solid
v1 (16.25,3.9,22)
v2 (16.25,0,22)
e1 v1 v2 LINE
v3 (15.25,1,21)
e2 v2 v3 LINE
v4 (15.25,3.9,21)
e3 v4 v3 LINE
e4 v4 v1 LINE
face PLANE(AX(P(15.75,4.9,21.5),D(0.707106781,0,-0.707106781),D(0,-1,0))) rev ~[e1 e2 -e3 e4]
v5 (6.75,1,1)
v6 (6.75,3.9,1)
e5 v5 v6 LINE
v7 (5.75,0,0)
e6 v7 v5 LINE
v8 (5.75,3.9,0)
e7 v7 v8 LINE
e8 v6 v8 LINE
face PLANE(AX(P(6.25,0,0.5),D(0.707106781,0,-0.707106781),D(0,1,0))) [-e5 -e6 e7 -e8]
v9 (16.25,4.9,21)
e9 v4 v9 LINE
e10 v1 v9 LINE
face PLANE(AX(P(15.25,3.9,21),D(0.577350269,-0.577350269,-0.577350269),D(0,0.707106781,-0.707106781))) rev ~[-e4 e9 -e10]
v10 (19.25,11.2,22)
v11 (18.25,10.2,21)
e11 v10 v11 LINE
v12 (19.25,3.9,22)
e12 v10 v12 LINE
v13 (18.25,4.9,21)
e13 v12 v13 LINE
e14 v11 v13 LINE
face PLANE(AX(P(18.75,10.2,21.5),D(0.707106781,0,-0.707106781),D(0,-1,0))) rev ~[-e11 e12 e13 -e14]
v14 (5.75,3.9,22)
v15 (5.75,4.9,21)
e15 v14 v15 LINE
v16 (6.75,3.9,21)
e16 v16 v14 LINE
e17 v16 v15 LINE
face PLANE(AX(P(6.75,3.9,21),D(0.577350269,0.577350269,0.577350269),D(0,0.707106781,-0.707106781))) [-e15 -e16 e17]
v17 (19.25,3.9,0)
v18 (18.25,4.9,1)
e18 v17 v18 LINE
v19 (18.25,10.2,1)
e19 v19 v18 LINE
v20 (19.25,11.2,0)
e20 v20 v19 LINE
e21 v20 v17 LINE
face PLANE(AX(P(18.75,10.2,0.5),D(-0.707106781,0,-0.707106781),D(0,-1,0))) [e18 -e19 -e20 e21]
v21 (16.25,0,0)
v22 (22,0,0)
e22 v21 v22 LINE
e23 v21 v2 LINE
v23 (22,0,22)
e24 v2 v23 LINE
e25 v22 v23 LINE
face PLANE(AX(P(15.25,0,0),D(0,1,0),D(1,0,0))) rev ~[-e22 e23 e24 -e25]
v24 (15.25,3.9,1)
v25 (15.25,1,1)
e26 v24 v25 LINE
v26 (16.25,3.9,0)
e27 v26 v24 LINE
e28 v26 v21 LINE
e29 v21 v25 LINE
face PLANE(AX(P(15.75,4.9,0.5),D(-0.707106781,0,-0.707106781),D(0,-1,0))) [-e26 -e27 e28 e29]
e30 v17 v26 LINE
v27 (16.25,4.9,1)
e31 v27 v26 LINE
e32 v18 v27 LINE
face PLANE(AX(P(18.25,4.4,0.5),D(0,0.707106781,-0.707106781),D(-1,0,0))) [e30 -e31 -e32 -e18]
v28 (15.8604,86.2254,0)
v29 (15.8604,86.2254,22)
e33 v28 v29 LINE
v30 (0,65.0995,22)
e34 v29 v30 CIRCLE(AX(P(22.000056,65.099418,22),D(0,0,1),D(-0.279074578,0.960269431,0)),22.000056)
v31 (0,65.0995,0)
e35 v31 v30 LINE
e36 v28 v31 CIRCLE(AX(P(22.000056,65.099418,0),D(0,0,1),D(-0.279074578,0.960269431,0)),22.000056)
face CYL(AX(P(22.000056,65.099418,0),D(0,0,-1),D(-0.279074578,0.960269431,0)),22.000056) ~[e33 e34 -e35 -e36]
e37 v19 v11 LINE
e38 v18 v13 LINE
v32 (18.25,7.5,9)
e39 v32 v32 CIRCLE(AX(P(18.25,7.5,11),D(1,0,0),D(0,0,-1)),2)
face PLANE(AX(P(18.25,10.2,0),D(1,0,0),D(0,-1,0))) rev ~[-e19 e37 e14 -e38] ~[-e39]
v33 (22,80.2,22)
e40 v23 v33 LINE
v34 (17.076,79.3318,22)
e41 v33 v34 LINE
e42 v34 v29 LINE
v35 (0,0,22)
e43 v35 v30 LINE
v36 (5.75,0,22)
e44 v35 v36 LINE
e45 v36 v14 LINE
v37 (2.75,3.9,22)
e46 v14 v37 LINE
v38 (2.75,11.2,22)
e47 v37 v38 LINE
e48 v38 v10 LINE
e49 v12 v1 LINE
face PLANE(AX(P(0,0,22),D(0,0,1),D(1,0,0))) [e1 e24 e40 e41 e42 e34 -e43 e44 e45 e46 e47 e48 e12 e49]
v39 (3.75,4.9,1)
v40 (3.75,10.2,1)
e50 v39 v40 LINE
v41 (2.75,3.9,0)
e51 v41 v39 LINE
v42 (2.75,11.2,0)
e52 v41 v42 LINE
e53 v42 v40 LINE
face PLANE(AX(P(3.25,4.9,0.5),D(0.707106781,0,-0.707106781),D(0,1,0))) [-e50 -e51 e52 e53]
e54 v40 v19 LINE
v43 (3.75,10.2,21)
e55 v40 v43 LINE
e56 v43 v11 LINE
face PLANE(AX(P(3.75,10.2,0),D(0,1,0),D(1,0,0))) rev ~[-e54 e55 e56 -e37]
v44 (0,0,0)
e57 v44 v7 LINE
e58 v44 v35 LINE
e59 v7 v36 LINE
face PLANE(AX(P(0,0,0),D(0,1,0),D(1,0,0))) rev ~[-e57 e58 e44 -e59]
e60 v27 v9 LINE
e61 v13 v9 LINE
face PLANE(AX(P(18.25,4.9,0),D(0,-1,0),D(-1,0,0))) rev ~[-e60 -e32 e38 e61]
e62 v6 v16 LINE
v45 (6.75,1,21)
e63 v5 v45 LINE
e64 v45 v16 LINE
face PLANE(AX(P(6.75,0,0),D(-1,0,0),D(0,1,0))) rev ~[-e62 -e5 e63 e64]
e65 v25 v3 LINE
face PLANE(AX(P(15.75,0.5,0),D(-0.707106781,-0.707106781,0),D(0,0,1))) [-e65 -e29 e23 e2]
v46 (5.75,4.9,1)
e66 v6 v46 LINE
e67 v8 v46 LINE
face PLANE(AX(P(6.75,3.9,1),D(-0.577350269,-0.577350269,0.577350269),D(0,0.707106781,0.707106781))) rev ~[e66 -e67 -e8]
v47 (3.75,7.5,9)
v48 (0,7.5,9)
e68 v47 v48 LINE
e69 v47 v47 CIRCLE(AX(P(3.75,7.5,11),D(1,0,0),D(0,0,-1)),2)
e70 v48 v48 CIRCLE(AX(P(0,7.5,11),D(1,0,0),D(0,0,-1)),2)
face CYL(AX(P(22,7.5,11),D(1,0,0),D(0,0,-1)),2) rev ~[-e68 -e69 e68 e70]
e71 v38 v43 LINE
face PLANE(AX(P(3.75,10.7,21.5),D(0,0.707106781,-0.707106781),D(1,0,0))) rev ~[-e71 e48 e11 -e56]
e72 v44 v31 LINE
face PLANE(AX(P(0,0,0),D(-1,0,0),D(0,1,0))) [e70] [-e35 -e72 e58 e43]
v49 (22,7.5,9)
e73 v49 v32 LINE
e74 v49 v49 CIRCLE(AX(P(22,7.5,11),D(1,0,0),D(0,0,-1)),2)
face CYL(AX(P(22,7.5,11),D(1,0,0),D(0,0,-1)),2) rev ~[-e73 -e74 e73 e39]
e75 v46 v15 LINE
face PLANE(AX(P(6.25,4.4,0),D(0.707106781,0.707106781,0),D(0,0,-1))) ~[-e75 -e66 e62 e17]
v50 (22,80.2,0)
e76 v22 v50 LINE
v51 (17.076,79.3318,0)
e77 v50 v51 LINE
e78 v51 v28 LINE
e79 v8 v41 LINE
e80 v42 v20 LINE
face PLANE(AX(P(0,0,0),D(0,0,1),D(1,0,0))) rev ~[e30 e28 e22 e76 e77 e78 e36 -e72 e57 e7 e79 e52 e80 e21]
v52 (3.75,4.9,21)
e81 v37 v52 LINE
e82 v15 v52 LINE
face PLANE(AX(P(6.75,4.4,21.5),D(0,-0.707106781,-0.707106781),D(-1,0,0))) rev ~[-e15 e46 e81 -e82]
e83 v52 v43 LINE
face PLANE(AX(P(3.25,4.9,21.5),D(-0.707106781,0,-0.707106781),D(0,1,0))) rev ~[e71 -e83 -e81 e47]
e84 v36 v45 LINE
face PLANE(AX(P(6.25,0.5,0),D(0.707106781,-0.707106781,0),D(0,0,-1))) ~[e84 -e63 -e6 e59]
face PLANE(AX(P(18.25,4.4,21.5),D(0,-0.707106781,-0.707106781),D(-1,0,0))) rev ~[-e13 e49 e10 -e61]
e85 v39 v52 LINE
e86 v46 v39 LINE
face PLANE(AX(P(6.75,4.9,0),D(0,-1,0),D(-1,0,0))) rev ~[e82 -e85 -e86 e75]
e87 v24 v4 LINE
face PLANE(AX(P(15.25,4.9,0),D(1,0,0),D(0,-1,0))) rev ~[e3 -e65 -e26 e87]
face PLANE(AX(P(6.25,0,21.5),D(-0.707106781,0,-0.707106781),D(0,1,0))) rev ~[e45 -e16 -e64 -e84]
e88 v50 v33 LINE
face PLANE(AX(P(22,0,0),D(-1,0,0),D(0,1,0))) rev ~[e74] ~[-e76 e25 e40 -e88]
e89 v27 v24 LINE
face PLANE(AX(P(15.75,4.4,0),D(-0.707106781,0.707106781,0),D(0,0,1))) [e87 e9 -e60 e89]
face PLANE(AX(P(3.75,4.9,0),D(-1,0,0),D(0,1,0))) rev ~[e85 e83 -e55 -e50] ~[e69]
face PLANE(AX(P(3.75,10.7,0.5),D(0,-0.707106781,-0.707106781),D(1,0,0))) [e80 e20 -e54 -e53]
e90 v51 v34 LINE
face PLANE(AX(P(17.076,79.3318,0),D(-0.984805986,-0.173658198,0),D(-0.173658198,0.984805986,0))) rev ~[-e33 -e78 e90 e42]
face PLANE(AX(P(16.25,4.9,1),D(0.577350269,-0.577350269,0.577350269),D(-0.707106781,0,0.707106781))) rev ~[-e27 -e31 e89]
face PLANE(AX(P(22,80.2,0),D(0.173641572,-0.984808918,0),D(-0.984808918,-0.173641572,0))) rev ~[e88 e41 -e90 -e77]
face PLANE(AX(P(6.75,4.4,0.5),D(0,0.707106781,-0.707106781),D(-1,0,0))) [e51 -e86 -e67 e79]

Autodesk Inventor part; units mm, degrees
ref_plane "YZ Plane" through (0, 0, 0) normal (1, 0, 0) x (0, 1, 0)
ref_plane "XZ Plane" through (0, 0, 0) normal (0, 1, 0) x (-1, 0, 0)
ref_plane "XY Plane" through (0, 0, 0) normal (0, 0, 1) x (1, 0, 0)
sketch "Skizze1" plane through (0, 0, 0) normal (0, 0, 1) x (1, 0, 0)
  line L0 (0, 0) -> (6.75, 0)
  line L1 (6.75, 0) -> (6.75, 4.9)
  line L2 (6.75, 4.9) -> (3.75, 4.9)
  line L3 (3.75, 4.9) -> (3.75, 10.2)
  line L4 (3.75, 10.2) -> (18.25, 10.2)
  line L5 (18.25, 10.2) -> (18.25, 4.9)
  line L6 (18.25, 4.9) -> (15.25, 4.9)
  line L7 (15.25, 4.9) -> (15.25, 0)
  line L8 (15.25, 0) -> (22, 0)
  line L9 (22, 0) -> (22, 80.2)
  line L10 (0, 0) -> (0, 65.0995)
  line L11 (22, 80.2) -> (22, 98.8308) construction
  line L12 (22, 80.2) -> (17.076, 79.3318)
  line L13 (17.076, 79.3318) -> (15.8604, 86.2254)
  arc A0 (22, 87.0995) -> (15.8604, 86.2254) centre (22, 65.0995) ccw construction
  arc A1 (15.8604, 86.2254) -> (0, 65.0995) centre (22, 65.0995) ccw
  dimension "d0" = 14.5
  dimension "d1" = 5.3
  dimension "d2" = 4.9
  dimension "d3" = 22
  dimension "d4" = 8.5
  dimension "d5" = 5
  dimension "d6" = 7
  dimension "d21" = 70
  dimension "d22" = 80
extrude "Extrusion1" add sketch "Skizze1" along normal blind 22
sketch "Skizze2" plane through (22, 0, 0) normal (1, 0, 0) x (0, 0, -1)
  circle A0 centre (-11, 7.5) radius 2
  line L0 (0, 0) -> (-22, 0) projected
  line L1 (0, 0) -> (0, 80.2) projected
  point P0 (0, 65.2)
  dimension "d10" = 4
  dimension "d11" = 7.5
  dimension "d12" = 11
extrude "Extrusion2" cut sketch "Skizze2" against normal blind 22
chamfer "Fasen1" distance 1 angle 45 18 edges at (3.75, 7.55, 22) (11, 10.2, 22) (18.25, 7.55, 22) (16.75, 4.9, 22) (5.25, 4.9, 22) (6.75, 2.45, 22) (15.25, 2.45, 22) (18.25, 7.55, 0) (15.25, 2.45, 0) (16.75, 4.9, 0) (11, 10.2, 0) (3.75, 7.55, 0) (5.25, 4.9, 0) (6.75, 2.45, 0) (6.75, 4.9, 11) (15.25, 4.9, 11) (6.75, 0, 11) (15.25, 0, 11)
properties part number "Gripper_V2_10deg"
